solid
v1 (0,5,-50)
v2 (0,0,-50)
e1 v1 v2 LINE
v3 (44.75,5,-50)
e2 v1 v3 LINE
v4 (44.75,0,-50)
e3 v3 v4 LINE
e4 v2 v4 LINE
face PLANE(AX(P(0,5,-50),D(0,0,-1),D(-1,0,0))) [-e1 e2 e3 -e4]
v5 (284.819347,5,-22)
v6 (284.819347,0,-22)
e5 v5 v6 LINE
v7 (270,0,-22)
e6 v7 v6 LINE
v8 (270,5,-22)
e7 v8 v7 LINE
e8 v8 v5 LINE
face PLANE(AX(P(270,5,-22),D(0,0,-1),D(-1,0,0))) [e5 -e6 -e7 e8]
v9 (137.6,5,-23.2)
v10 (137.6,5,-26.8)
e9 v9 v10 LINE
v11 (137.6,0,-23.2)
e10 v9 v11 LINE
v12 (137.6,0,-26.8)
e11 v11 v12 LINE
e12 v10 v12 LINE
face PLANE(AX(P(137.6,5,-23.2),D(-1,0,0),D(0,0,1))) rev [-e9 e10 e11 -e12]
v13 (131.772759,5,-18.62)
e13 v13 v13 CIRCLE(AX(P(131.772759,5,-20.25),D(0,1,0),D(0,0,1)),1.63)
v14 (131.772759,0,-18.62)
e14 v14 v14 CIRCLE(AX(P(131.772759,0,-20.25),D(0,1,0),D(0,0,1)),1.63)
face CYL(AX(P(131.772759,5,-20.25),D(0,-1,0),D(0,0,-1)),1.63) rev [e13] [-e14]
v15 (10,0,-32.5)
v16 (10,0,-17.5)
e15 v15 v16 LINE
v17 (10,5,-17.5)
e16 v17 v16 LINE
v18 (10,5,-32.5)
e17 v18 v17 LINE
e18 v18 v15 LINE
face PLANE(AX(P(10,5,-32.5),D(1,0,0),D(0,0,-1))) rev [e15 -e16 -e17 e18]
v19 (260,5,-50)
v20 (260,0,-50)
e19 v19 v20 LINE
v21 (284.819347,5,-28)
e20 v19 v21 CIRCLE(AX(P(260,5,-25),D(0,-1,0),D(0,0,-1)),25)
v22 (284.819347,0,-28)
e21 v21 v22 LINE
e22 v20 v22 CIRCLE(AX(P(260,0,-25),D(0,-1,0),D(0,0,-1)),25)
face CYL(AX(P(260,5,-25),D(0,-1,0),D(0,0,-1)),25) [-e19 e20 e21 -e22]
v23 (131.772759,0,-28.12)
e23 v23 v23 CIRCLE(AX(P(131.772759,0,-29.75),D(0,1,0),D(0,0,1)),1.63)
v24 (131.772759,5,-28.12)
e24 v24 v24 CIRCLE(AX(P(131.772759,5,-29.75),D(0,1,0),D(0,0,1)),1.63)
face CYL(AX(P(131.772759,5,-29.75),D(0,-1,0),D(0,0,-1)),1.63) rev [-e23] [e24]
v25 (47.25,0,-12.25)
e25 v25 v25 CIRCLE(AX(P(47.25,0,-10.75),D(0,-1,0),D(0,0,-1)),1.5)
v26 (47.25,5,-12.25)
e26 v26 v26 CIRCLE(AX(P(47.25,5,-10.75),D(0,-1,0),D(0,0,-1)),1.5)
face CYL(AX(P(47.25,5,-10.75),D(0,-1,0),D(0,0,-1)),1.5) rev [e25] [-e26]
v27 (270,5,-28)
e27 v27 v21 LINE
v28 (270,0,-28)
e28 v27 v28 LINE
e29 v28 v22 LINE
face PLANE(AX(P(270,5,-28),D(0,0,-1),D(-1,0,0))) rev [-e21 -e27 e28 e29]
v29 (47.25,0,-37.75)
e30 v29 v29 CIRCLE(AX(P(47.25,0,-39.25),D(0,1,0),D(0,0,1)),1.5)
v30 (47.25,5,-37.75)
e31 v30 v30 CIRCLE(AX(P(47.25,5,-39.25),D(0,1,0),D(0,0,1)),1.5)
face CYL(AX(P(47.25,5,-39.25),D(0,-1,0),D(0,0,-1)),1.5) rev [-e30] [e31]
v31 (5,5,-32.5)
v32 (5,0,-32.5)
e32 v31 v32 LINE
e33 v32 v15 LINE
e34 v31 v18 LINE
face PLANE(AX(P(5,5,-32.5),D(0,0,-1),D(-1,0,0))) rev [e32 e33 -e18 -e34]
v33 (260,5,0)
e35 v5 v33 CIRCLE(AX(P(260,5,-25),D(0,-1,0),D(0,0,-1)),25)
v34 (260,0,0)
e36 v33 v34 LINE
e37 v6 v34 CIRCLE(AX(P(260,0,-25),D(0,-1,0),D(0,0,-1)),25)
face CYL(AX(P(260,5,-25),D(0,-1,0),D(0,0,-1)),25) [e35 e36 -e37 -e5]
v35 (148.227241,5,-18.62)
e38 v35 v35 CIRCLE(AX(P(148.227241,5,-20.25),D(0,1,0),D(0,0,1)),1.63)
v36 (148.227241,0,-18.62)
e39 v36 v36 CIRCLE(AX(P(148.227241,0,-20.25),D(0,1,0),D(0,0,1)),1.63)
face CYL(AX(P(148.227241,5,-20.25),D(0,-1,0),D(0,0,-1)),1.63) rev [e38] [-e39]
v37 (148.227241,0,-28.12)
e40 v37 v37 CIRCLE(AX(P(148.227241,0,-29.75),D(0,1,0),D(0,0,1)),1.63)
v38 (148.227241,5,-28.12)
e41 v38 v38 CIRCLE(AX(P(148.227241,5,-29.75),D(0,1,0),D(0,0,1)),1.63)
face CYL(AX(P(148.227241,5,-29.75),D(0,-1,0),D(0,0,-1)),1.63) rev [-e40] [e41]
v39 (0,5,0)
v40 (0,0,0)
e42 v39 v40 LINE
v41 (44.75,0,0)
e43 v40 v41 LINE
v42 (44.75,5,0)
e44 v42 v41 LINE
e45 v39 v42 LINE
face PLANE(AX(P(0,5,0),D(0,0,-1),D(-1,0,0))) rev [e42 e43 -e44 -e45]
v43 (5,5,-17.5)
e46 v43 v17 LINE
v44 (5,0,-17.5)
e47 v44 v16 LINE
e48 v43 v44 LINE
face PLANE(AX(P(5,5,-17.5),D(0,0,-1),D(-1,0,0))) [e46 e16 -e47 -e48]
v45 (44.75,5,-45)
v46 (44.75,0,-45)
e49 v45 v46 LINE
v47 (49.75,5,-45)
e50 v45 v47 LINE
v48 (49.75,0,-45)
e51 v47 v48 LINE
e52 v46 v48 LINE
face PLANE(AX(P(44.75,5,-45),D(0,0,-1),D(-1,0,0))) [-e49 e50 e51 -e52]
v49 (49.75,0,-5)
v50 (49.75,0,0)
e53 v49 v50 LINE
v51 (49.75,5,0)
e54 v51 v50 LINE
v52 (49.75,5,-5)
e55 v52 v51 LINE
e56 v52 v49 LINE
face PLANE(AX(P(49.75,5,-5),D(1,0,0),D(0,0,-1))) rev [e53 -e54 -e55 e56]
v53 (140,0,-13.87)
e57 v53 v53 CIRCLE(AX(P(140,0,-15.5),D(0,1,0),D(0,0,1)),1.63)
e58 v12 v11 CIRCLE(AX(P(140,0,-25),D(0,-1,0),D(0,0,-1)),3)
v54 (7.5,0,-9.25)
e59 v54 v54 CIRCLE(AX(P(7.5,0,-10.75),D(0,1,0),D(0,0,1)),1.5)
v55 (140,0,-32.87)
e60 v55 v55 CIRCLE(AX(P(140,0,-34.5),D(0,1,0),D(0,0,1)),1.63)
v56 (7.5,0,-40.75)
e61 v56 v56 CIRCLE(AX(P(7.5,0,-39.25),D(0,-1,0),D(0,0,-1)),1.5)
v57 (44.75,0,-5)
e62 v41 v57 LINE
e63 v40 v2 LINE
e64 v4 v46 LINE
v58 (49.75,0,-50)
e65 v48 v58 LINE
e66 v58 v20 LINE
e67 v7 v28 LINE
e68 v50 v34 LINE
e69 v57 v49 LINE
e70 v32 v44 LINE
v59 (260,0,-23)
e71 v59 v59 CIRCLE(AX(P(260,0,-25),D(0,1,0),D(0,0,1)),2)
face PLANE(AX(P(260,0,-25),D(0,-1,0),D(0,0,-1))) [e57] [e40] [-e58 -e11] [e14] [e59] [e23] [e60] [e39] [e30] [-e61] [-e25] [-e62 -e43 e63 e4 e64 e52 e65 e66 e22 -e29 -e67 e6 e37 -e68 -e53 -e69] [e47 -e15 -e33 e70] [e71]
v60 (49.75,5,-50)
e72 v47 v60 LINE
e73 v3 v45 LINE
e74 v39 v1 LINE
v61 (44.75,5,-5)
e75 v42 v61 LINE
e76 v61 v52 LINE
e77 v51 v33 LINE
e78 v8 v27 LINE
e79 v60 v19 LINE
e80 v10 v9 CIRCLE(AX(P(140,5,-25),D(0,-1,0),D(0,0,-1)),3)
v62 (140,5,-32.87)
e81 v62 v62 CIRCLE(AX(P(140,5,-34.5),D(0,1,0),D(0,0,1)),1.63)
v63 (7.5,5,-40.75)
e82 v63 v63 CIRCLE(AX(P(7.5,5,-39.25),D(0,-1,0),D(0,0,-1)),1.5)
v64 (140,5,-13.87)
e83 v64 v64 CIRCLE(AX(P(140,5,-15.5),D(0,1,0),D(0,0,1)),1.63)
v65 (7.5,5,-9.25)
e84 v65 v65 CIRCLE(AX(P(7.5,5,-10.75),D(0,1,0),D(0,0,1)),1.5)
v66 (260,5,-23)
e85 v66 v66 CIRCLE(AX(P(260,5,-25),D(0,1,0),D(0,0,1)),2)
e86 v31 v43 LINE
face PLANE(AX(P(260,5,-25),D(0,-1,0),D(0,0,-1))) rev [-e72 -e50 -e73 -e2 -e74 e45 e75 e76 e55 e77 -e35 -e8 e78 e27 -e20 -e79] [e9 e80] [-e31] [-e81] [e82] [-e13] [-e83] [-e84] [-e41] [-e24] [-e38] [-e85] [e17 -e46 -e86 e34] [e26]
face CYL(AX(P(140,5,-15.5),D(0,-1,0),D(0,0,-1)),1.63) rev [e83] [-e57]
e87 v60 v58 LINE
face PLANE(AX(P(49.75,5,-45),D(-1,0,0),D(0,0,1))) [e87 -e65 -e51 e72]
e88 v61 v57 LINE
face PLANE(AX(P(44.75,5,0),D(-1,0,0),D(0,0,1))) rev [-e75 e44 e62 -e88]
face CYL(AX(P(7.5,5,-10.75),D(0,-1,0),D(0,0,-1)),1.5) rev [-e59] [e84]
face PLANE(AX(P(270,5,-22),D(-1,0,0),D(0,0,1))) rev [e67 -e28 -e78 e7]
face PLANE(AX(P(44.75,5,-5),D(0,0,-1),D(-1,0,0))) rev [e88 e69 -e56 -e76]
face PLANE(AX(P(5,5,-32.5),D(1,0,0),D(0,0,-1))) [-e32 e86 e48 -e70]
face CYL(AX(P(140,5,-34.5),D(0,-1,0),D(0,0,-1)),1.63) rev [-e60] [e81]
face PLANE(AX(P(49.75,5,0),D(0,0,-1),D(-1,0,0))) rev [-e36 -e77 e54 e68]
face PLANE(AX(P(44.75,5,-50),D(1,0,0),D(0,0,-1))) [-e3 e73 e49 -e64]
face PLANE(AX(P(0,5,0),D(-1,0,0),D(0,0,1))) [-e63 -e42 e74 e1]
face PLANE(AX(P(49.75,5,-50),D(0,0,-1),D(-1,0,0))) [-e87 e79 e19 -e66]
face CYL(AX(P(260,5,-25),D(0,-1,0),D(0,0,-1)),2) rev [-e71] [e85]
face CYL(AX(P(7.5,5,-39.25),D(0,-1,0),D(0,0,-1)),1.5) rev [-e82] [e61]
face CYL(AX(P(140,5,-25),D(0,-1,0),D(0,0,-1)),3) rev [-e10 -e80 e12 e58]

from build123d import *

# Parameters (mm, degrees)
CROQUIS1_R              = 1.5
CROQUIS1_R_2            = 1.63
CROQUIS1_R_3            = 2
CROQUIS1_W              = 5
CROQUIS1_H              = 15
SALIENTE_EXTRUIR1_DEPTH = 5


with BuildPart() as part:
    # Croquis1 → Saliente-Extruir1 (new body)
    with BuildSketch(Plane(origin=(0, 0, 0), x_dir=(1, 0, 0), z_dir=(0, 1, 0))):
        with BuildLine():
            Line((0, 0), (44.75, 0))
            Line((44.75, 0), (44.75, 5))
            Line((44.75, 5), (49.75, 5))
            Line((49.75, 5), (49.75, 0))
            Line((49.75, 0), (260, 0))
            ThreePointArc((260, 0), (276.583123952, 6.291713066), (284.819347292, 22))
            Line((284.819347292, 22), (270, 22))
            Line((270, 22), (270, 28))
            Line((270, 28), (284.819347292, 28))
            ThreePointArc((284.819347292, 28), (276.583123952, 43.708286934), (260, 50))
            Line((260, 50), (49.75, 50))
            Line((49.75, 50), (49.75, 45))
            Line((49.75, 45), (44.75, 45))
            Line((44.75, 45), (44.75, 50))
            Line((44.75, 50), (0, 50))
            Line((0, 50), (0, 0))
        make_face()
        with Locations(Location((47.25, 39.25, 0), (0, 0, 270))):
            Circle(CROQUIS1_R, mode=Mode.SUBTRACT)
        with Locations(Location((140, 34.5, 0), (0, 0, 270))):
            Circle(CROQUIS1_R_2, mode=Mode.SUBTRACT)
        with Locations(Location((47.25, 10.75, 0), (0, 0, 90))):
            Circle(CROQUIS1_R, mode=Mode.SUBTRACT)
        with Locations(Location((7.5, 10.75, 0), (0, 0, 270))):
            Circle(CROQUIS1_R, mode=Mode.SUBTRACT)
        with Locations(Location((7.5, 39.25, 0), (0, 0, 90))):
            Circle(CROQUIS1_R, mode=Mode.SUBTRACT)
        with Locations(Location((131.772758664, 29.75, 0), (0, 0, 270))):
            Circle(CROQUIS1_R_2, mode=Mode.SUBTRACT)
        with Locations(Location((131.772758664, 20.25, 0), (0, 0, 270))):
            Circle(CROQUIS1_R_2, mode=Mode.SUBTRACT)
        with Locations(Location((140, 15.5, 0), (0, 0, 270))):
            Circle(CROQUIS1_R_2, mode=Mode.SUBTRACT)
        with Locations(Location((148.227241336, 20.25, 0), (0, 0, 270))):
            Circle(CROQUIS1_R_2, mode=Mode.SUBTRACT)
        with Locations(Location((148.227241336, 29.75, 0), (0, 0, 270))):
            Circle(CROQUIS1_R_2, mode=Mode.SUBTRACT)
        with Locations(Location((260, 25, 0), (0, 0, 270))):
            Circle(CROQUIS1_R_3, mode=Mode.SUBTRACT)
        with Locations((7.5, 25)):
            Rectangle(CROQUIS1_W, CROQUIS1_H, mode=Mode.SUBTRACT)
        with BuildLine():
            Line((137.6, 23.2), (137.6, 26.8))
            ThreePointArc((137.6, 26.8), (143, 25), (137.6, 23.2))
        make_face(mode=Mode.SUBTRACT)
    extrude(amount=SALIENTE_EXTRUIR1_DEPTH)


solid = part.part
